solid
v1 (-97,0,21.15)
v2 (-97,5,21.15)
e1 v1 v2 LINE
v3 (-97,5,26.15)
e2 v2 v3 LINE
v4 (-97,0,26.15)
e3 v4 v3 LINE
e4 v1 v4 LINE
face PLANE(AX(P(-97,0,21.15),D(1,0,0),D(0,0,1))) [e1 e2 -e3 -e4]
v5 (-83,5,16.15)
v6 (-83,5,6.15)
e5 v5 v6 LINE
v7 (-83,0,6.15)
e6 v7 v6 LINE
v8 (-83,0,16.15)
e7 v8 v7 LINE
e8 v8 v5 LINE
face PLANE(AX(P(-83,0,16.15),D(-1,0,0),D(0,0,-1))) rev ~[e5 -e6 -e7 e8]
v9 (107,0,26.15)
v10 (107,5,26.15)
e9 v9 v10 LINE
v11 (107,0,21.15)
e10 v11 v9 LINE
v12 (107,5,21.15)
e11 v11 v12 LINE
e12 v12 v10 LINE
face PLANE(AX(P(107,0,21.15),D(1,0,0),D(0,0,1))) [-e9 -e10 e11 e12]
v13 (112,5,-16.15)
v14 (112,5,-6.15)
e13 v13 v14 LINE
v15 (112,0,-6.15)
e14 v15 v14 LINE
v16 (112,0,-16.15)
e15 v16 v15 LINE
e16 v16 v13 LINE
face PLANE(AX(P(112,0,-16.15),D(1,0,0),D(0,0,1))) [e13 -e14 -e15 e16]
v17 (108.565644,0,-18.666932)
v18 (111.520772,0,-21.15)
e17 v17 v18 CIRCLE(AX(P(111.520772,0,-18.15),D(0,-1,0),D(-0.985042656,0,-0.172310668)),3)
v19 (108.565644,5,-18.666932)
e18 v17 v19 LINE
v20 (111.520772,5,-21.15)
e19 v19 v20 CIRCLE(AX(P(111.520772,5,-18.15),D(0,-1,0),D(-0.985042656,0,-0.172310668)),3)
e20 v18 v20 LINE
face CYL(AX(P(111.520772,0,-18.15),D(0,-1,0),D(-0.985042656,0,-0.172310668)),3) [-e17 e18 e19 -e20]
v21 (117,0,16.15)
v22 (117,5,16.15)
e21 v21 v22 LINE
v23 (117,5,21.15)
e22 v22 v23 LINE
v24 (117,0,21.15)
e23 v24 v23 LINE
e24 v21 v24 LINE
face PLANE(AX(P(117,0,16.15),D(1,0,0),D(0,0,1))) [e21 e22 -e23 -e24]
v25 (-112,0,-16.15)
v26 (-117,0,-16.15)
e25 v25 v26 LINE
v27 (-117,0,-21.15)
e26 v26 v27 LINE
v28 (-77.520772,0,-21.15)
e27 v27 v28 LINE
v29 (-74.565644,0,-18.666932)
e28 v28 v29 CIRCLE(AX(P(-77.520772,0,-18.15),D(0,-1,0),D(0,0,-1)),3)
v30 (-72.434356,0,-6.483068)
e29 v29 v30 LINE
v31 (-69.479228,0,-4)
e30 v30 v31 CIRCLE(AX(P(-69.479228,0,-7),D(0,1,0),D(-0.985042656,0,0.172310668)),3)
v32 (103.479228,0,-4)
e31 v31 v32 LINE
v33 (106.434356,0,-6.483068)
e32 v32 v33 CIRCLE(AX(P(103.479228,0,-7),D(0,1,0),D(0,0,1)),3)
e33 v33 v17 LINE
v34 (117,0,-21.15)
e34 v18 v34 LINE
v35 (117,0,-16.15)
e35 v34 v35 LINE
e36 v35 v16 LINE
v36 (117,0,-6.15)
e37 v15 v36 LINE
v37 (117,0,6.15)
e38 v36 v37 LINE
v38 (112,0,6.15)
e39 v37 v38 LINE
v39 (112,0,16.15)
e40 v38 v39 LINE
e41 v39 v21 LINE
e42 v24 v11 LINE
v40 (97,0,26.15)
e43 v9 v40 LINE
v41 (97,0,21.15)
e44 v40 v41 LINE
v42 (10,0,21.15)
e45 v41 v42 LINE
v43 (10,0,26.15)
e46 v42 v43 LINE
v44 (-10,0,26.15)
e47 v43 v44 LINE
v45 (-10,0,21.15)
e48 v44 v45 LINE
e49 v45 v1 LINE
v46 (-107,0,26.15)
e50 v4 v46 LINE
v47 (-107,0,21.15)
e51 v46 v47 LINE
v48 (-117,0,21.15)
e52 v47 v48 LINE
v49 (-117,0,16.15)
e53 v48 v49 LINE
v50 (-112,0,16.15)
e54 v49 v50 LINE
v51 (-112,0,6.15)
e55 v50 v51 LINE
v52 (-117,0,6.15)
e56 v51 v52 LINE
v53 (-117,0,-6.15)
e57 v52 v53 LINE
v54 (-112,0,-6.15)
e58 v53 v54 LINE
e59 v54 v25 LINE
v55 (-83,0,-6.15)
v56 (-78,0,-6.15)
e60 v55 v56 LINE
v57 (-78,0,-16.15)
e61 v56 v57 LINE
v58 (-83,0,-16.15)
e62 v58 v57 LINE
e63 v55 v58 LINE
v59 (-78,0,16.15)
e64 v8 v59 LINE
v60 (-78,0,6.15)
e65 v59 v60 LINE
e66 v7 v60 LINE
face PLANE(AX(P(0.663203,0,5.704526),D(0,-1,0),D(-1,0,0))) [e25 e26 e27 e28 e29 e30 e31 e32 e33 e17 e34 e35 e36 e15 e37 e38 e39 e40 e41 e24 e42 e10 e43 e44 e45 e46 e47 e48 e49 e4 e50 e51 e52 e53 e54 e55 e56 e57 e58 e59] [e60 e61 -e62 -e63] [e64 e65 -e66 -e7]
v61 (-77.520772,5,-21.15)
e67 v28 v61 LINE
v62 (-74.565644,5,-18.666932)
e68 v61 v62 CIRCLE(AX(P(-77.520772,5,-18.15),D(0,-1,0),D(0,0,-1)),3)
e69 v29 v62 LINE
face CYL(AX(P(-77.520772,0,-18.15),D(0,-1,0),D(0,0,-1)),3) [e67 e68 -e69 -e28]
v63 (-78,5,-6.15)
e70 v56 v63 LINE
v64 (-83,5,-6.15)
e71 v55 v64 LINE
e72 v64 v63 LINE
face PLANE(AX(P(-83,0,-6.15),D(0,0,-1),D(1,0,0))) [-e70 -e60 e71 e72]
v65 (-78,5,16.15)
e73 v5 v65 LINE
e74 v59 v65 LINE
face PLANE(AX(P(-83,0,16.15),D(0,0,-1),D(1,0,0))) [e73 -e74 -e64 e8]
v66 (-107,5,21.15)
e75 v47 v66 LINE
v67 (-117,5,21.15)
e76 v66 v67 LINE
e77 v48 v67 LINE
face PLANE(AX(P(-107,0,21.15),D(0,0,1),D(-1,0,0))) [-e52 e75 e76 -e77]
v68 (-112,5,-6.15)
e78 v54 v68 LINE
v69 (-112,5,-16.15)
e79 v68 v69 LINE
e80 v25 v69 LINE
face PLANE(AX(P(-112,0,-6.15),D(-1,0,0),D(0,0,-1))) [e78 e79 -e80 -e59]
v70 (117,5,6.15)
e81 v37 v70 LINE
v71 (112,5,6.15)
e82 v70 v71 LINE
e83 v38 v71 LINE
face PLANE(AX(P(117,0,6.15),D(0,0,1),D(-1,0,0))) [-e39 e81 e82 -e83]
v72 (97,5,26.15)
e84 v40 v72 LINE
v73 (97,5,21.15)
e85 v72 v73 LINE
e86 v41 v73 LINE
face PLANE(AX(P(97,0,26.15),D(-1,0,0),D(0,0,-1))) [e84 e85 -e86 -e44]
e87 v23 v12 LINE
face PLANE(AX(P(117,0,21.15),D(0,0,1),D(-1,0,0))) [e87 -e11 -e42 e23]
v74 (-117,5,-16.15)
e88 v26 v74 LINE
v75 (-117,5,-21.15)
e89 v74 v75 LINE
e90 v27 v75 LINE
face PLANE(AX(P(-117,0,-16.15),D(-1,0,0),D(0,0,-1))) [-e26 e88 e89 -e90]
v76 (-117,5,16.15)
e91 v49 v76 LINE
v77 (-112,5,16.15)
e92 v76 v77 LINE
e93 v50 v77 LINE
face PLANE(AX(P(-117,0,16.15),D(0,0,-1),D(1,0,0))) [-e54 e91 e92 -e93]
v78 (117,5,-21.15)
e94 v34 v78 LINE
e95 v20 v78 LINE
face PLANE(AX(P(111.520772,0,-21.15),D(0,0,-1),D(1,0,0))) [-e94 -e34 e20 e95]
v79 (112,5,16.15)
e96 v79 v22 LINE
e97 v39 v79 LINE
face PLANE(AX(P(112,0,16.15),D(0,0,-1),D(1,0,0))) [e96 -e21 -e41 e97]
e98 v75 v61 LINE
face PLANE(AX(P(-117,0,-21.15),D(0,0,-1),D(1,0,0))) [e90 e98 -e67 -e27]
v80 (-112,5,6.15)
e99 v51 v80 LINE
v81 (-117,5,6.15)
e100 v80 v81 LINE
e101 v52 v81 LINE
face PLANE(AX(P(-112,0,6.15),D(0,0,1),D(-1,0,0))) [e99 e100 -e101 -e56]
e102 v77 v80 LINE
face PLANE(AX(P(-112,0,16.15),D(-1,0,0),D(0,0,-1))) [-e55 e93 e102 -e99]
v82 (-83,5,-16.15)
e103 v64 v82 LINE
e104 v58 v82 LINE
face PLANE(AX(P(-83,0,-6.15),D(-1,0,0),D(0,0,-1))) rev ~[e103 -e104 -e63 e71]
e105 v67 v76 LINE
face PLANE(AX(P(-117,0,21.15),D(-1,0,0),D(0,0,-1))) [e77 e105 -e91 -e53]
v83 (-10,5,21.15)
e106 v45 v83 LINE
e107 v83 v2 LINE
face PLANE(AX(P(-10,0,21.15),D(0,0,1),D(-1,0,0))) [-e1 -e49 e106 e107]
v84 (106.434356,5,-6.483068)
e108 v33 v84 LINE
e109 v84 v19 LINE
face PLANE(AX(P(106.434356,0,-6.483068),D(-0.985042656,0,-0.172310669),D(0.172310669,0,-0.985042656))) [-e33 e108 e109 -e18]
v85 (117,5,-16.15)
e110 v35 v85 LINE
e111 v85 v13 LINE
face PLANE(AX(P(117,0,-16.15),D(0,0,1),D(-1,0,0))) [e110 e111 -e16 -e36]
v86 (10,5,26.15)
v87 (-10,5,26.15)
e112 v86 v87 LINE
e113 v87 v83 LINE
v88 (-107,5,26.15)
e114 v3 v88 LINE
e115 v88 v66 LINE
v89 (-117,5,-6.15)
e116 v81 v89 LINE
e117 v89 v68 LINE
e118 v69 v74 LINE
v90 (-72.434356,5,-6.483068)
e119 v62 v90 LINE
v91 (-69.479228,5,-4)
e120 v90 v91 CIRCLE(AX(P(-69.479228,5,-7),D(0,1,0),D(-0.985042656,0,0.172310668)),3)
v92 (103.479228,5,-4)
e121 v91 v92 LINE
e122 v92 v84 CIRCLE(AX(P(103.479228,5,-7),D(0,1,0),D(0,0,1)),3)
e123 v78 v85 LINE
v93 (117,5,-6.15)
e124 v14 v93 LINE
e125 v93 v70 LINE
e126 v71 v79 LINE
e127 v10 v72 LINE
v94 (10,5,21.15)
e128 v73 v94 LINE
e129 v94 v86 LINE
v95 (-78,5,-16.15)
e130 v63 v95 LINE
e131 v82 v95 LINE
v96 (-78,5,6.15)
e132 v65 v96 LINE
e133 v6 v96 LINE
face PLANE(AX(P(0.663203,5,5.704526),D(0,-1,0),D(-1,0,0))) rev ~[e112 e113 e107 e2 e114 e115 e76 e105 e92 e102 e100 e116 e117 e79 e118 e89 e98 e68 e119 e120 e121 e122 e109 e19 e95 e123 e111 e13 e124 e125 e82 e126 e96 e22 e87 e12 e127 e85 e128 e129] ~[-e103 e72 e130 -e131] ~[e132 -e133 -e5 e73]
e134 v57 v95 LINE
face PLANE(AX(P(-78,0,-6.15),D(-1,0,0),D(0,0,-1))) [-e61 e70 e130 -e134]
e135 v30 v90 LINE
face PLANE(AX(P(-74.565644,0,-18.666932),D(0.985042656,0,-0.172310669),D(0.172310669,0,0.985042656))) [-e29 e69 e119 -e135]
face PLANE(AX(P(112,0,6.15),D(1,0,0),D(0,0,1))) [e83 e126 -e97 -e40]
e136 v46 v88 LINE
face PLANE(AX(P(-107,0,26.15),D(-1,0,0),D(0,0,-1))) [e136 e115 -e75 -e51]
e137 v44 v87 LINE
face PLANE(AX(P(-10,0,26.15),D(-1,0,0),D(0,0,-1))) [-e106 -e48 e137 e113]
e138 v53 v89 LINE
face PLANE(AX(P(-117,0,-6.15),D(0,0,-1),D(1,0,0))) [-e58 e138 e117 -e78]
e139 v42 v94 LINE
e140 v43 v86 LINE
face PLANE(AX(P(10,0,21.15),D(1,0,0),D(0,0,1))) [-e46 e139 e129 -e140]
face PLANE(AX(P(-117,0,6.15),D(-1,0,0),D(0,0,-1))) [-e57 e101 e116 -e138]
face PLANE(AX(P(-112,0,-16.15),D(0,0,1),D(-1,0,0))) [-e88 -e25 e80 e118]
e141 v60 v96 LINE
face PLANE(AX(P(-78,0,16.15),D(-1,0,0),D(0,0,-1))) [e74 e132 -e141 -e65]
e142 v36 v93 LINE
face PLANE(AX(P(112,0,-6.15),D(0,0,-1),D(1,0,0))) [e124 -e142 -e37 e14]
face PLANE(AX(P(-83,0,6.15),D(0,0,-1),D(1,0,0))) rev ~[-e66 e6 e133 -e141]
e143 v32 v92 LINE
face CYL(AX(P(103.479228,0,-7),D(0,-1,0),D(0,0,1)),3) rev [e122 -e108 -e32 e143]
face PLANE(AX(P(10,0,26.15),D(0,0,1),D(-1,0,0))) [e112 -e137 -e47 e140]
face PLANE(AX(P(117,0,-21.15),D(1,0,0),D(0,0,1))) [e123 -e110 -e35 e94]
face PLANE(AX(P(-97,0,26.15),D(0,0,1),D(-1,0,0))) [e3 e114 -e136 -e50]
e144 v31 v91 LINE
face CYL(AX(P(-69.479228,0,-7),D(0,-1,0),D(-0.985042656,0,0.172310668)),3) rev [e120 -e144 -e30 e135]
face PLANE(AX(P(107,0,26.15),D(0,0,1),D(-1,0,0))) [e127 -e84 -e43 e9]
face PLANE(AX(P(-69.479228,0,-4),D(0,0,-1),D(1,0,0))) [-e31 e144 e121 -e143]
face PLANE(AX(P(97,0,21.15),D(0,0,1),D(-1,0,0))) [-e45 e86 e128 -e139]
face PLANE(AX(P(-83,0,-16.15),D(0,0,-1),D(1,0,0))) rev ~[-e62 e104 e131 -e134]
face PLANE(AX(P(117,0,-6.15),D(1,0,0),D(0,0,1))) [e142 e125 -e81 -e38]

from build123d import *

# Parameters (mm, degrees)
SKETCH_1_W      = 5
SKETCH_1_H      = 10
EXTRUDE_1_DEPTH = 5


with BuildPart() as part:
    # 草图1 → 凸台-拉伸1 (new body)
    with BuildSketch(Plane(origin=(0, 0, 0), x_dir=(1, 0, 0), z_dir=(0, 1, 0))):
        with BuildLine():
            Line((-117, 21.15), (-77.52077205, 21.15))
            ThreePointArc((-77.52077205, 21.15), (-75.590849256, 20.446823461), (-74.565644083, 18.666932006))
            Line((-74.565644083, 18.666932006), (-72.434355917, 6.483067994))
            ThreePointArc((-72.434355917, 6.483067994), (-71.409150744, 4.703176539), (-69.47922795, 4))
            Line((-69.47922795, 4), (103.47922795, 4))
            ThreePointArc((103.47922795, 4), (105.409150744, 4.703176539), (106.434355917, 6.483067994))
            Line((106.434355917, 6.483067994), (108.565644083, 18.666932006))
            ThreePointArc((108.565644083, 18.666932006), (109.590849256, 20.446823461), (111.52077205, 21.15))
            Line((111.52077205, 21.15), (117, 21.15))
            Line((117, 21.15), (117, 16.15))
            Line((117, 16.15), (112, 16.15))
            Line((112, 16.15), (112, 6.15))
            Line((112, 6.15), (117, 6.15))
            Line((117, 6.15), (117, -6.15))
            Line((117, -6.15), (112, -6.15))
            Line((112, -6.15), (112, -16.15))
            Line((112, -16.15), (117, -16.15))
            Line((117, -16.15), (117, -21.15))
            Line((117, -21.15), (107, -21.15))
            Line((107, -21.15), (107, -26.15))
            Line((107, -26.15), (97, -26.15))
            Line((97, -26.15), (97, -21.15))
            Line((97, -21.15), (10, -21.15))
            Line((10, -21.15), (10, -26.15))
            Line((10, -26.15), (-10, -26.15))
            Line((-10, -26.15), (-10, -21.15))
            Line((-10, -21.15), (-97, -21.15))
            Line((-97, -21.15), (-97, -26.15))
            Line((-97, -26.15), (-107, -26.15))
            Line((-107, -26.15), (-107, -21.15))
            Line((-107, -21.15), (-117, -21.15))
            Line((-117, -21.15), (-117, -16.15))
            Line((-117, -16.15), (-112, -16.15))
            Line((-112, -16.15), (-112, -6.15))
            Line((-112, -6.15), (-117, -6.15))
            Line((-117, -6.15), (-117, 6.15))
            Line((-117, 6.15), (-112, 6.15))
            Line((-112, 6.15), (-112, 16.15))
            Line((-112, 16.15), (-117, 16.15))
            Line((-117, 16.15), (-117, 21.15))
        make_face()
        with Locations((-80.5, 11.15)):
            Rectangle(SKETCH_1_W, SKETCH_1_H, mode=Mode.SUBTRACT)
        with Locations((-80.5, -11.15)):
            Rectangle(SKETCH_1_W, SKETCH_1_H, mode=Mode.SUBTRACT)
    extrude(amount=EXTRUDE_1_DEPTH)


solid = part.part
